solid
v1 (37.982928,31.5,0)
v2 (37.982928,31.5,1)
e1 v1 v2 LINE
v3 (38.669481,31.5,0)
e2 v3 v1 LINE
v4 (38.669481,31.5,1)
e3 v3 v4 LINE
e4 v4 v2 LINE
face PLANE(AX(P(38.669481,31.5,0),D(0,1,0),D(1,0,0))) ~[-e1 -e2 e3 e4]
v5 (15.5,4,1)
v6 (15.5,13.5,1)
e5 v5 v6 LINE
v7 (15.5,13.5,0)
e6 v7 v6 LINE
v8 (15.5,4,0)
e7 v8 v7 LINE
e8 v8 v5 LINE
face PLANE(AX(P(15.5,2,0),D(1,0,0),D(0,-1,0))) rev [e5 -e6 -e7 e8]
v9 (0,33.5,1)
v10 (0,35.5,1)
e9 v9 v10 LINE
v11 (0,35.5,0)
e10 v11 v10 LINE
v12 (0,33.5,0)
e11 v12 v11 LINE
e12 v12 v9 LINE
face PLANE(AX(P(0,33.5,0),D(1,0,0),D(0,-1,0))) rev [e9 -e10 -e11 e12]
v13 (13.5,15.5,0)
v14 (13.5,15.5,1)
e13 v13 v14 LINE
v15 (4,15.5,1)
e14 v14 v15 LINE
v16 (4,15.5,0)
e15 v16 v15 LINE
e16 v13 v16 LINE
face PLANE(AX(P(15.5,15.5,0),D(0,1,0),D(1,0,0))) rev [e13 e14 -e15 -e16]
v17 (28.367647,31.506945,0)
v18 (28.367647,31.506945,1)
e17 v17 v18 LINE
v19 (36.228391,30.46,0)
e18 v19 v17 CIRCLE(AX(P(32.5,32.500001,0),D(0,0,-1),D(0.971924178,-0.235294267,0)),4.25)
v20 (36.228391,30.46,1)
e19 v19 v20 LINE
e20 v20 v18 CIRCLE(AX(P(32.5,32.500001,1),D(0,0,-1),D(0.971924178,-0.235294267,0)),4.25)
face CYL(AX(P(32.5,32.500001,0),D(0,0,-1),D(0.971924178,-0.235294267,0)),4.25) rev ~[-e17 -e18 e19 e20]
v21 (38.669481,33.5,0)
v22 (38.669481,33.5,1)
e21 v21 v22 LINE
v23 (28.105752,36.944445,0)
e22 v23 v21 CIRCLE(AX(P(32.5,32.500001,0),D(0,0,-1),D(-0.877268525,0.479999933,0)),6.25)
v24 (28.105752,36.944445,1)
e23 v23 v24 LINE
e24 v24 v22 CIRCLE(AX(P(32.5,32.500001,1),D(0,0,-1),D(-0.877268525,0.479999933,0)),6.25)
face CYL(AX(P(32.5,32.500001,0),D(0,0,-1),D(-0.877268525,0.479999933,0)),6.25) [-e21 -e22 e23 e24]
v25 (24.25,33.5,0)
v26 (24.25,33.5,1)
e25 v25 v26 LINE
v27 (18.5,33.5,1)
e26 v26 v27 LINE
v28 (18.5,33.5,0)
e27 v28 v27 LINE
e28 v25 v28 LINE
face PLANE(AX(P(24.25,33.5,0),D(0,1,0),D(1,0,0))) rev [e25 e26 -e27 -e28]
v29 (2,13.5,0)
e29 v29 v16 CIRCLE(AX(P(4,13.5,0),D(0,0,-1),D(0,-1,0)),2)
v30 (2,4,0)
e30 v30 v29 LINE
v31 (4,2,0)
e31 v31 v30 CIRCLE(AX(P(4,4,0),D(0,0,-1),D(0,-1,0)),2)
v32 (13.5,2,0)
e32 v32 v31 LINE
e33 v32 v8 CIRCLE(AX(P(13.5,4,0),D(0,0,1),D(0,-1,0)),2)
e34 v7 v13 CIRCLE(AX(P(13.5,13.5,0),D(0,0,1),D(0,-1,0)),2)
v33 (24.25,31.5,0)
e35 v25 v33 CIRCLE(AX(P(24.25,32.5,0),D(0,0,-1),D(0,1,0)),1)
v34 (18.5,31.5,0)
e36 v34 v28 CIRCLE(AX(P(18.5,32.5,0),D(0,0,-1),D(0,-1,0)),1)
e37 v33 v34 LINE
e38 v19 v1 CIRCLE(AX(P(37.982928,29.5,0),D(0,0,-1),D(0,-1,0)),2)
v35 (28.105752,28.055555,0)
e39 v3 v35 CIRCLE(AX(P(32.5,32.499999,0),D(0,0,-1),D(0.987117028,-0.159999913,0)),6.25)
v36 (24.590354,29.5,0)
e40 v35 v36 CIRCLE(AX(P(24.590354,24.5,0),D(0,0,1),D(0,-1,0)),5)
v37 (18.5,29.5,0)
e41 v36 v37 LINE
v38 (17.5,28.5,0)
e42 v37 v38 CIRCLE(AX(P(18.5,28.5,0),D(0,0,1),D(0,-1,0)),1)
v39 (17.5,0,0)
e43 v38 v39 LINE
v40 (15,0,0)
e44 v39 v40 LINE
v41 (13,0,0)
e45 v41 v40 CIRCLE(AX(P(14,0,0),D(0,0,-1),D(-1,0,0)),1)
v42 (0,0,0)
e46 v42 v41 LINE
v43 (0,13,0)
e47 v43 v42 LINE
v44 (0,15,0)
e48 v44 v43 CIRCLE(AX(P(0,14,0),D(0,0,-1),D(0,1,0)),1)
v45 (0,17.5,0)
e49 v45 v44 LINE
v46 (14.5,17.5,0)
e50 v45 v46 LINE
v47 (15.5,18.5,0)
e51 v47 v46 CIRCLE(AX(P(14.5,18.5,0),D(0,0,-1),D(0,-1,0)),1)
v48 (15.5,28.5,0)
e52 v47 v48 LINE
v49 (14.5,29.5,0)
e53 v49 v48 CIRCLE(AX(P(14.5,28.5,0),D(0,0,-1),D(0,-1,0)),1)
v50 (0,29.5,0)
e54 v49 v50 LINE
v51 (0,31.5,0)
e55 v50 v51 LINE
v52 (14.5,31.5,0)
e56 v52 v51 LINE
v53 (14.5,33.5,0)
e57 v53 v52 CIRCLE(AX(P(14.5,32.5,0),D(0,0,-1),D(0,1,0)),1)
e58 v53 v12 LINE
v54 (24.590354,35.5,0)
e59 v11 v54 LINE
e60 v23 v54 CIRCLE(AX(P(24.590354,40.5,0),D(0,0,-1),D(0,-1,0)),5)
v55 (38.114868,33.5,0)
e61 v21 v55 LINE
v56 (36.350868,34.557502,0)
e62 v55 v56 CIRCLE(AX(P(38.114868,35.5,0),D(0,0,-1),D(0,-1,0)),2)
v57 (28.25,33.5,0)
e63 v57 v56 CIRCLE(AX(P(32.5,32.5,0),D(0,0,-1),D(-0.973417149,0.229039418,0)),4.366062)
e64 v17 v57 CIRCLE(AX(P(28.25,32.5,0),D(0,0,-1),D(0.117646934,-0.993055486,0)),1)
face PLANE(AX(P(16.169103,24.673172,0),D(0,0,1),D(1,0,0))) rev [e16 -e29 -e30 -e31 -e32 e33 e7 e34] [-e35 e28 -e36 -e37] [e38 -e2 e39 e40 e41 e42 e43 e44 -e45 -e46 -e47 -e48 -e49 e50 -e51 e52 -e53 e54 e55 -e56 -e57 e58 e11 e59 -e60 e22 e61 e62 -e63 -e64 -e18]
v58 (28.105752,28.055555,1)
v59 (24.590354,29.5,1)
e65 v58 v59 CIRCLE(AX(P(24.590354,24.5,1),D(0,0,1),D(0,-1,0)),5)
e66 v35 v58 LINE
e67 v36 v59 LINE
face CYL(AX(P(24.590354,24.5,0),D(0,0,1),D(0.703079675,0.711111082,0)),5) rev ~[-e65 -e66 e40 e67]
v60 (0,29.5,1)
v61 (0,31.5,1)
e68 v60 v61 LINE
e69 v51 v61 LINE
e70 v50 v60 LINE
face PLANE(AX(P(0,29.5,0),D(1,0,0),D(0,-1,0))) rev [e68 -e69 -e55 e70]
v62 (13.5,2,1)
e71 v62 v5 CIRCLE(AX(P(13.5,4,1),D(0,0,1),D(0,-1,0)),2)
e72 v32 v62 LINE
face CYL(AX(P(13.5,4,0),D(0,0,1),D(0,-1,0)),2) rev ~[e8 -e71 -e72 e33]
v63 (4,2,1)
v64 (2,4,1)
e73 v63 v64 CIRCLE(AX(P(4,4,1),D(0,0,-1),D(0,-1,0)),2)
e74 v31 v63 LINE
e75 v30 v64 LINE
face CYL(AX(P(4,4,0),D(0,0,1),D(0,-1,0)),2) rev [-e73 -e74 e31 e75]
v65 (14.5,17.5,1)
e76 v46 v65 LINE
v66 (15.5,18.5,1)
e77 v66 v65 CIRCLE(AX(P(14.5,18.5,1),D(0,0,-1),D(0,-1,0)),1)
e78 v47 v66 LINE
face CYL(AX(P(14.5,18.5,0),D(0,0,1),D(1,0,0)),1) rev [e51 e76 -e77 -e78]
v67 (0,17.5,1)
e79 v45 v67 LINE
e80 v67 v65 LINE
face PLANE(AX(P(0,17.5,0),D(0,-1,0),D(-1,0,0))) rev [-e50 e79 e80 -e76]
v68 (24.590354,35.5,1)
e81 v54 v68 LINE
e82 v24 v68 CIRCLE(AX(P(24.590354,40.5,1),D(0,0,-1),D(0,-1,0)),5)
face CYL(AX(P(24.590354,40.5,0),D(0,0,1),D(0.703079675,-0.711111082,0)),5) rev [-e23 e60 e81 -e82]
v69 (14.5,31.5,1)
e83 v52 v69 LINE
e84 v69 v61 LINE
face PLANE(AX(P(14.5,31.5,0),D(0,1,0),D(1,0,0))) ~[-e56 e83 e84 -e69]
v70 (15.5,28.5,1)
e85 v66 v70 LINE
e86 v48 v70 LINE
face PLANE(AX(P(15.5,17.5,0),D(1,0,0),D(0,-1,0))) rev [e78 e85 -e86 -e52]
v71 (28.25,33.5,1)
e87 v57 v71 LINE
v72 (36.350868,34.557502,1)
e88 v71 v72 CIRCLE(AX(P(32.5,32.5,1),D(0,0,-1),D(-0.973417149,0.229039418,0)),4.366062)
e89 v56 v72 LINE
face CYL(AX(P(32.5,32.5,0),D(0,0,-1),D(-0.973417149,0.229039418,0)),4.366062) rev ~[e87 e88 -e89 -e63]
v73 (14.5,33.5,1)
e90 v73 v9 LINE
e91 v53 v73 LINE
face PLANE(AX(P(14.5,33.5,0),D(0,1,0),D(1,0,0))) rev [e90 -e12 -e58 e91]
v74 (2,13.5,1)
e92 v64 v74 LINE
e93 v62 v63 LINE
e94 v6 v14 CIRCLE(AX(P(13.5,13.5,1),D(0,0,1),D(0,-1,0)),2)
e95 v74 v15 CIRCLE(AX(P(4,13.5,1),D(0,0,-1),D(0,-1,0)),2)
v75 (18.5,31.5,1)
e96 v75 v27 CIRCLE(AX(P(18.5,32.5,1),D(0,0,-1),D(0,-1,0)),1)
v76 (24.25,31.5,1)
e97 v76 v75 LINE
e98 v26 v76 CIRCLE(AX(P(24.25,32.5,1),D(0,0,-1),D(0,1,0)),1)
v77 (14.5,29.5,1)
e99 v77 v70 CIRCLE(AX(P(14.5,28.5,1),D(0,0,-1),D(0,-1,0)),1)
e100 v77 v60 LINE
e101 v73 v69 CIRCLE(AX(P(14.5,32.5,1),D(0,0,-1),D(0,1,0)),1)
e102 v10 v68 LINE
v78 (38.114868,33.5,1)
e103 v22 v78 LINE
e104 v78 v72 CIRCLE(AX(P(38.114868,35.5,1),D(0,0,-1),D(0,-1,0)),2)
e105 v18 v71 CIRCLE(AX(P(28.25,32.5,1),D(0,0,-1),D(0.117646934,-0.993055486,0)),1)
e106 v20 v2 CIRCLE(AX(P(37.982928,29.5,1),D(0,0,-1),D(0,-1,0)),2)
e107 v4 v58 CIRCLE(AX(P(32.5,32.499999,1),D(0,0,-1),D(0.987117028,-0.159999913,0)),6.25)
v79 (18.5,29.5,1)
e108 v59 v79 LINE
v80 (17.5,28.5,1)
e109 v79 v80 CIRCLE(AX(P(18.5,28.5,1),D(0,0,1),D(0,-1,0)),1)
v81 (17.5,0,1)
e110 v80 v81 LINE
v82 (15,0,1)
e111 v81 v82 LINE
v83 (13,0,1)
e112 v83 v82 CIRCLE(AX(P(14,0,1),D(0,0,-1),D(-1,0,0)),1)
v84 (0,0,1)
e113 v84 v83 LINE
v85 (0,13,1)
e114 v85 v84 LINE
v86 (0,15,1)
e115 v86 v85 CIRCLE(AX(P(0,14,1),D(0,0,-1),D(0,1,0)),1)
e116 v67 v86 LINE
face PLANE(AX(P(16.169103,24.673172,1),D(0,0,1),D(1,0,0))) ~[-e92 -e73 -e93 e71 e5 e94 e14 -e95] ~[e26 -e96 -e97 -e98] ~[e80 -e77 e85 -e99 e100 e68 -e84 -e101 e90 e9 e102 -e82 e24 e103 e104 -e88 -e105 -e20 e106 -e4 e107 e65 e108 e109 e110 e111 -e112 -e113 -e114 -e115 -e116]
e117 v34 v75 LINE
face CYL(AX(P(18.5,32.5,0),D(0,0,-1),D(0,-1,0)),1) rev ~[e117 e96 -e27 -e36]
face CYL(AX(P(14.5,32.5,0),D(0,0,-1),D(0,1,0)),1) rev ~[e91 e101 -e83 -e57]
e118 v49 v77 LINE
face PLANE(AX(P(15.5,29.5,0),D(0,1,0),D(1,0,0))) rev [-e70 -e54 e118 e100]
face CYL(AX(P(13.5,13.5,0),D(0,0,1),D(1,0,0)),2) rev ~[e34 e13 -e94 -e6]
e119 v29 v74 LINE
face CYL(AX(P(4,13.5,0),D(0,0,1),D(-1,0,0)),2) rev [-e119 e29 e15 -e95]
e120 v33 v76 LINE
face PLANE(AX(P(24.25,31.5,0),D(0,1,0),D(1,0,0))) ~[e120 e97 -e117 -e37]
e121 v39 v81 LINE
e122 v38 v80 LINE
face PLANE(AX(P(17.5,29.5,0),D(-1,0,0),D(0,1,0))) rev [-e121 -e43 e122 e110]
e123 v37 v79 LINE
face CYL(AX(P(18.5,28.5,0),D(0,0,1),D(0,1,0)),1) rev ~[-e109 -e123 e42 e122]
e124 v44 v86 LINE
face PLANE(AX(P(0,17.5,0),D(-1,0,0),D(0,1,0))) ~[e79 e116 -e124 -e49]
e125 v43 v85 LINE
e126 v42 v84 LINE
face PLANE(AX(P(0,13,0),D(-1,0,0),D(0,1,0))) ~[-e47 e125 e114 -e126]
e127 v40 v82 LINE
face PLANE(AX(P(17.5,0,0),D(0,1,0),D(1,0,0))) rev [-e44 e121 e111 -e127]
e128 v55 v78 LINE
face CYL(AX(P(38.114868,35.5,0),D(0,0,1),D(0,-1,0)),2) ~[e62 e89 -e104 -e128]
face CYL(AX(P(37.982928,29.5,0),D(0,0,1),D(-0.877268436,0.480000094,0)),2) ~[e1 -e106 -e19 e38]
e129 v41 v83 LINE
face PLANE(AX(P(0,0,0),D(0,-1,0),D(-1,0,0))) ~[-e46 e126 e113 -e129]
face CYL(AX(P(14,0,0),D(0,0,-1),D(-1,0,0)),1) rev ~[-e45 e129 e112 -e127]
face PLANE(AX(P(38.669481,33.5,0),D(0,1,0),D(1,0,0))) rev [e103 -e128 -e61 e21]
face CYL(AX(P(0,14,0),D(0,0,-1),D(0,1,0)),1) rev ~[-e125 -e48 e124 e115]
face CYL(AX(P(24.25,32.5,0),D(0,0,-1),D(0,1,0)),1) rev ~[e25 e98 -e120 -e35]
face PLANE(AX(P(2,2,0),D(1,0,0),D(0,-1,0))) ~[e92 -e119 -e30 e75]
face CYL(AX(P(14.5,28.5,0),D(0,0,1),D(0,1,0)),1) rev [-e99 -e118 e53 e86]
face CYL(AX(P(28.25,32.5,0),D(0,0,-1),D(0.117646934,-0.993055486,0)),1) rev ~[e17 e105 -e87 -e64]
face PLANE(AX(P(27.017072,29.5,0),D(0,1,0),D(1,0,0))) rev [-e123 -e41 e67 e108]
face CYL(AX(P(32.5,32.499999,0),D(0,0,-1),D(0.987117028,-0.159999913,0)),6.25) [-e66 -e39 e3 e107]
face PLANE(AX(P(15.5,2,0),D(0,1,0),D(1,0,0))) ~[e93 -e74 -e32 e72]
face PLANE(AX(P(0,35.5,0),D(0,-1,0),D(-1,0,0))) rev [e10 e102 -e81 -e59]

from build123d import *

# Parameters (mm, degrees)
SKETCH_W    = 13.5
SKETCH_H    = 13.5
PAD_DEPTH   = 1
FILLET_R    = 2
FILLET001_R = 5
FILLET002_R = 1
FILLET003_R = 2


with BuildPart() as fillet003:
    # Sketch → Pad (new body)
    with BuildSketch(Plane.XY):
        with BuildLine():
            Line((0, 35.5), (-27.017072, 35.5))
            ThreePointArc((-27.017072, 35.5), (-33.557279, 38.659924), (-38.669481, 33.5))
            Line((-38.669481, 33.5), (-36.75, 33.5))
            ThreePointArc((-28.25, 33.5), (-32.5, 36.866062), (-36.75, 33.5))
            ThreePointArc((-28.367647, 31.506945), (-27.251738, 32.441074), (-28.25, 33.5))
            ThreePointArc((-36.630678, 31.5), (-32.496428, 28.250002), (-28.367647, 31.506945))
            Line((-38.669481, 31.5), (-36.630678, 31.5))
            ThreePointArc((-38.669481, 31.5), (-33.557279, 26.340076), (-27.017072, 29.5))
            Line((-27.017072, 29.5), (-17.5, 29.5))
            Line((-17.5, 29.5), (-17.5, 0))
            Line((-17.5, 0), (-15, 0))
            ThreePointArc((-13, 0), (-14, 1), (-15, 0))
            Line((0, 0), (-13, 0))
            Line((0, 13), (0, 0))
            ThreePointArc((0, 15), (-1, 14), (0, 13))
            Line((0, 17.5), (0, 15))
            Line((0, 17.5), (-15.5, 17.5))
            Line((-15.5, 17.5), (-15.5, 29.5))
            Line((-15.5, 29.5), (0, 29.5))
            Line((0, 29.5), (0, 31.5))
            Line((-14.5, 31.5), (0, 31.5))
            ThreePointArc((-14.5, 33.5), (-15.5, 32.5), (-14.5, 31.5))
            Line((-14.5, 33.5), (0, 33.5))
            Line((0, 33.5), (0, 35.5))
        make_face()
        with Locations((-8.75, 8.75)):
            Rectangle(SKETCH_W, SKETCH_H, mode=Mode.SUBTRACT)
        with BuildLine():
            ThreePointArc((-24.25, 33.5), (-25.25, 32.5), (-24.25, 31.5))
            Line((-24.25, 31.5), (-18.5, 31.5))
            ThreePointArc((-18.5, 31.5), (-17.5, 32.5), (-18.5, 33.5))
            Line((-24.25, 33.5), (-18.5, 33.5))
        make_face(mode=Mode.SUBTRACT)
    extrude(amount=PAD_DEPTH)

    # Fillet
    fillet_edges = [fillet003.edges().sort_by_distance(p)[0] for p in [
        (-36.75, 33.5, 0.5),
        (-36.630678, 31.5, 0.5),
    ]]
    fillet(fillet_edges, radius=FILLET_R)

    # Fillet001
    fillet001_edges = [fillet003.edges().sort_by_distance(p)[0] for p in [
        (-27.017072, 29.5, 0.5),
        (-27.017072, 35.5, 0.5),
    ]]
    fillet(fillet001_edges, radius=FILLET001_R)

    # Fillet002
    fillet002_edges = [fillet003.edges().sort_by_distance(p)[0] for p in [
        (-15.5, 17.5, 0.5),
        (-15.5, 29.5, 0.5),
        (-17.5, 29.5, 0.5),
    ]]
    fillet(fillet002_edges, radius=FILLET002_R)

    # Fillet003
    fillet003_edges = [fillet003.edges().sort_by_distance(p)[0] for p in [
        (-15.5, 15.5, 0.5),
        (-2, 15.5, 0.5),
        (-2, 2, 0.5),
        (-15.5, 2, 0.5),
    ]]
    fillet(fillet003_edges, radius=FILLET003_R)


with BuildPart() as part_mirroring:
    # Part__Mirroring: instance of Fillet003
    add(fillet003.part.mirror(Plane(origin=(0, 0, 0), x_dir=(1, 0, 0), z_dir=(0, 1, 0))))


with BuildPart() as part_mirroring001:
    # Part__Mirroring001: instance of Part__Mirroring
    add(part_mirroring.part.mirror(Plane(origin=(0, 0, 0), x_dir=(0, -1, 0), z_dir=(1, 0, 0))))


with BuildPart() as part_mirroring002:
    # Part__Mirroring002: instance of Part__Mirroring001
    add(part_mirroring001.part.mirror(Plane(origin=(0, 0, 0), x_dir=(1, 0, 0), z_dir=(0, 1, 0))))


solid = part_mirroring002.part
